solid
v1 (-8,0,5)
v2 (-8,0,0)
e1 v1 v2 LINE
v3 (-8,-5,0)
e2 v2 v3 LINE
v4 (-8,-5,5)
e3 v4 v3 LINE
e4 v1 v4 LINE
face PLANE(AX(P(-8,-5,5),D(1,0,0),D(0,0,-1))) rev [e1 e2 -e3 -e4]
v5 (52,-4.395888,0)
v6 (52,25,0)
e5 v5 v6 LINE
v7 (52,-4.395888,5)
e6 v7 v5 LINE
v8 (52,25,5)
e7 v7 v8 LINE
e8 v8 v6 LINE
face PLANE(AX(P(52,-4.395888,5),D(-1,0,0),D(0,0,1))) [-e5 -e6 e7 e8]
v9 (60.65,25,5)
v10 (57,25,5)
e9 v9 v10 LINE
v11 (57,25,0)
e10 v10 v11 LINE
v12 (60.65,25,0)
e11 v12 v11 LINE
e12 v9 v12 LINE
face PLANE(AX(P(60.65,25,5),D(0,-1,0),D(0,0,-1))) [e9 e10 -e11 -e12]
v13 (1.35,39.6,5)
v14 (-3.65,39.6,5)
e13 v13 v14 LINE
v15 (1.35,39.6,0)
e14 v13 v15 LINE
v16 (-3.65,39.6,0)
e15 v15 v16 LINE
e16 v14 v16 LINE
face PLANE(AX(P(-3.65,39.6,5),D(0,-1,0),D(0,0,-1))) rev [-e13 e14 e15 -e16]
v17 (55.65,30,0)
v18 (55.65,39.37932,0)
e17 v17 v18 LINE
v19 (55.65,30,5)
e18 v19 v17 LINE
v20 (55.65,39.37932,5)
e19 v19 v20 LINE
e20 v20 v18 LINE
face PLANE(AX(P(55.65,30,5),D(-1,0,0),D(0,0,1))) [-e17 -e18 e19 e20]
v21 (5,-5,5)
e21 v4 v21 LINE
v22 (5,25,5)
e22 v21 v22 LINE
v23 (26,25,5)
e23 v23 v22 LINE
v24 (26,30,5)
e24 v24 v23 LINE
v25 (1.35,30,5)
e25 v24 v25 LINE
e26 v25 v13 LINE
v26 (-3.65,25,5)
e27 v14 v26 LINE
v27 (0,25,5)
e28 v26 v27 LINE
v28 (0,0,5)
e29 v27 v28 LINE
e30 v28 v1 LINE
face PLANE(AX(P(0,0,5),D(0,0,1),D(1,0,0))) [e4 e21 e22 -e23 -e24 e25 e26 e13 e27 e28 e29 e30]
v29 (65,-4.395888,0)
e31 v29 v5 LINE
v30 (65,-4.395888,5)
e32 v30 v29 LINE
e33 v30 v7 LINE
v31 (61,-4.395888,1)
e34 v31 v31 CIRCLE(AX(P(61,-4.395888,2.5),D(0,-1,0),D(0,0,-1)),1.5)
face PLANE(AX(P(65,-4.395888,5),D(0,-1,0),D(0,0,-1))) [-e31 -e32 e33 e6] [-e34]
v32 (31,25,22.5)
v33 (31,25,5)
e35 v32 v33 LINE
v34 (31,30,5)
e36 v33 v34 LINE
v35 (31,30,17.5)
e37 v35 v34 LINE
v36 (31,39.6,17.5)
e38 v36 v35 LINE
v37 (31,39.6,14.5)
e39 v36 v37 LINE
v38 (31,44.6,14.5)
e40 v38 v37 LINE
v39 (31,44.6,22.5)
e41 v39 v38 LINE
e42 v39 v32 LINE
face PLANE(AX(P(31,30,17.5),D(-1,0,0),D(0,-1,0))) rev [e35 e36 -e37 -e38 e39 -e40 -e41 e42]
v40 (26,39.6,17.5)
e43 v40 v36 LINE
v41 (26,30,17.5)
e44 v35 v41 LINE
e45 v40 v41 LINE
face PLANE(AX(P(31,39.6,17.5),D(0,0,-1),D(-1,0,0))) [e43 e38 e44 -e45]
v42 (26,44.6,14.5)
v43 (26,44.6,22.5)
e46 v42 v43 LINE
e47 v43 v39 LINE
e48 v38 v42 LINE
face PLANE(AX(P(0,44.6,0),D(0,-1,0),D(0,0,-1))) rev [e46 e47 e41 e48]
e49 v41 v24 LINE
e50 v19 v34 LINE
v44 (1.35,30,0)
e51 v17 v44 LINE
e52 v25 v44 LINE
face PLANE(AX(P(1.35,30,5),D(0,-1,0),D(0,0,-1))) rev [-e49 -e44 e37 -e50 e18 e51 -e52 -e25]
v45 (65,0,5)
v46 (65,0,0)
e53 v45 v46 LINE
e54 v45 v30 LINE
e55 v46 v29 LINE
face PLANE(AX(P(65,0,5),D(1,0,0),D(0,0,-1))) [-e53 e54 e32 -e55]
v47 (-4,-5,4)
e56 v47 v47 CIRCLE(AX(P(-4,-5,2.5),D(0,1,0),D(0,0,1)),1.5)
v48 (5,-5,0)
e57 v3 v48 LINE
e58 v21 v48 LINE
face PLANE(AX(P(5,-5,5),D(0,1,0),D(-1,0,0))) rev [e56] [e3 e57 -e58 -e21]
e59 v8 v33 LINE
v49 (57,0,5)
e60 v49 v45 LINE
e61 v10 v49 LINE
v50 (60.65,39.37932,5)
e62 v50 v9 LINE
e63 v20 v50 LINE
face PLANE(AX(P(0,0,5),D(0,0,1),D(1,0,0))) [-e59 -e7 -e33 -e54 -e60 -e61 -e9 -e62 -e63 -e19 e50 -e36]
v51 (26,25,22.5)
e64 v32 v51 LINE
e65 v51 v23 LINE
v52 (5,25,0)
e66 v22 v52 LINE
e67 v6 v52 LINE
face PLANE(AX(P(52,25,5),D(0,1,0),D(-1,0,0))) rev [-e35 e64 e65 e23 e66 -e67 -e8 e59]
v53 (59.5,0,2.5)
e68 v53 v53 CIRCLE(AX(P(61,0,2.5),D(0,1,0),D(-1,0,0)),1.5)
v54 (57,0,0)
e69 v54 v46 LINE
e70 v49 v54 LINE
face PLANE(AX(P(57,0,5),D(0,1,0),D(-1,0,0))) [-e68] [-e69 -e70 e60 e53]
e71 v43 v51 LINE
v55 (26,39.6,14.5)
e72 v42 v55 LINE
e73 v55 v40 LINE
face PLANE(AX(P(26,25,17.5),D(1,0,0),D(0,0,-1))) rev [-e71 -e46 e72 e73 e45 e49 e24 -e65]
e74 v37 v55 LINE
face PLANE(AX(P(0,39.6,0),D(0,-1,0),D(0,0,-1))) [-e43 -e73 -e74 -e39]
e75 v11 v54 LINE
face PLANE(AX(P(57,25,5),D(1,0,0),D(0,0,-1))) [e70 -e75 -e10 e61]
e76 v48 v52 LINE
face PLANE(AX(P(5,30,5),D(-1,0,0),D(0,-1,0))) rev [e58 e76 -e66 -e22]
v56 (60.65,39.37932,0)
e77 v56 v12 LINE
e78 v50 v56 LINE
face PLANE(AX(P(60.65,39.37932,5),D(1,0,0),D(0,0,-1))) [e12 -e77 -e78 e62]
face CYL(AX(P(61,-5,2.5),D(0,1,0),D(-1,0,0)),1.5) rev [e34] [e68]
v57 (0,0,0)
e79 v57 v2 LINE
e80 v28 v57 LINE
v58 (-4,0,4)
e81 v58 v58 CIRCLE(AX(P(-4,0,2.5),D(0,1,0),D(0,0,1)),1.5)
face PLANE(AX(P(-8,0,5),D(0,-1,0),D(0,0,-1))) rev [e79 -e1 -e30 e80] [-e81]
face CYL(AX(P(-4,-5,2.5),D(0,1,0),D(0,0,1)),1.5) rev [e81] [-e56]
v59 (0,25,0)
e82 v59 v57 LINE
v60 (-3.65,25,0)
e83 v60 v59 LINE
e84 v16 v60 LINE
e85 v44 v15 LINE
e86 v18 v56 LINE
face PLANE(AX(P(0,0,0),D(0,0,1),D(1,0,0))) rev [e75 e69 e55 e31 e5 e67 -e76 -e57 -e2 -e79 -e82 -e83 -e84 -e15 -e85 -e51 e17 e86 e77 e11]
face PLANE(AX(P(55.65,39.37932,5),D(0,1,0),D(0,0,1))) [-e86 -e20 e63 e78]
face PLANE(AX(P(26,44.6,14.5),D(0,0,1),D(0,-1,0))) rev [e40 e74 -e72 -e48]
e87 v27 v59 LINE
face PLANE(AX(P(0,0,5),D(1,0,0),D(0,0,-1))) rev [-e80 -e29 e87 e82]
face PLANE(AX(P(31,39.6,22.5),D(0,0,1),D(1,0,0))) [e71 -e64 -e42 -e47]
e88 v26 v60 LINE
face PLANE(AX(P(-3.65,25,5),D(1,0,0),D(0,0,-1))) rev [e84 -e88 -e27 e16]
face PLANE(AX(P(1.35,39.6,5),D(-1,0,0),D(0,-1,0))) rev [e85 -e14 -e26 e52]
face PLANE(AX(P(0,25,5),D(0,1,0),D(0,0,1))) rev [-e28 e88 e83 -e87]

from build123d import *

# Parameters (mm, degrees)
BOSS_EXTRUDE1_DEPTH = 5
SKETCH2_R           = 1.5
CUT_EXTRUDE1_DEPTH  = 41.708230126
SKETCH3_W           = 5
SKETCH3_H           = 5
BOSS_EXTRUDE2_DEPTH = 47
BOSS_EXTRUDE3_DEPTH = 5
SKETCH5_R           = 1.5
CUT_EXTRUDE2_DEPTH  = 77.27686412
BOSS_EXTRUDE4_DEPTH = 12.5
SKETCH10_W          = 5
SKETCH10_H          = 5
BOSS_EXTRUDE5_DEPTH = 14.6
BOSS_EXTRUDE6_DEPTH = 5


with BuildPart() as part:
    # Sketch1 → Boss-Extrude1 (new body)
    with BuildSketch(Plane.XY):
        Polygon((0, 0), (0, 25), (-3.65, 25), (-3.65, 39.6), (1.35, 39.6), (1.35, 30), (5, 30), (5, -5), (-8, -5), (-8, 0), align=None)
    extrude(amount=BOSS_EXTRUDE1_DEPTH)

    # Sketch2 → Cut-Extrude1 (cut, through all)
    with BuildSketch(Plane(origin=(0, 0, 0), x_dir=(1, 0, 0), z_dir=(0, 1, 0))):
        with Locations(Location((-4, -2.5, 0), (0, 0, 270))):
            Circle(SKETCH2_R)
    extrude(amount=-CUT_EXTRUDE1_DEPTH, mode=Mode.SUBTRACT)

    # Sketch3 → Boss-Extrude2 (add)
    with BuildSketch(Plane(origin=(5, 0, 0), x_dir=(0, 0, -1), z_dir=(1, 0, 0))):
        with Locations((-2.5, 27.5)):
            Rectangle(SKETCH3_W, SKETCH3_H)
    extrude(amount=BOSS_EXTRUDE2_DEPTH)

    # Sketch4 → Boss-Extrude3 (add)
    with BuildSketch(Plane(origin=(0, 0, 0), x_dir=(-1, 0, 0), z_dir=(0, 0, -1))):
        Polygon((-52, 30), (-55.65, 30), (-55.65, 39.379320009), (-60.65, 39.379320009), (-60.65, 25), (-57, 25), (-57, 0), (-65, 0), (-65, -4.395887534), (-52, -4.395887534), (-52, 25), align=None)
    extrude(amount=-BOSS_EXTRUDE3_DEPTH)

    # Sketch5 → Cut-Extrude2 (cut, through all)
    with BuildSketch(Plane(origin=(0, 0, 0), x_dir=(1, 0, 0), z_dir=(0, 1, 0))):
        with Locations(Location((61, -2.5, 0), (0, 0, 180))):
            Circle(SKETCH5_R)
    extrude(amount=-CUT_EXTRUDE2_DEPTH, mode=Mode.SUBTRACT)

    # Sketch7 → Boss-Extrude4 (add)
    with BuildSketch(Plane.XY.offset(5)):
        Polygon((28.5, 30), (31, 30), (31, 25), (26, 25), (26, 30), align=None)
    extrude(amount=BOSS_EXTRUDE4_DEPTH)

    # Sketch10 → Boss-Extrude5 (add)
    with BuildSketch(Plane(origin=(0, 25, 0), x_dir=(-1, 0, 0), z_dir=(0, -1, 0))):
        with Locations((-28.5, -20)):
            Rectangle(SKETCH10_W, SKETCH10_H)
    extrude(amount=-BOSS_EXTRUDE5_DEPTH)

    # Sketch11 → Boss-Extrude6 (add)
    with BuildSketch(Plane(origin=(0, 39.6, 0), x_dir=(1, 0, 0), z_dir=(0, 1, 0))):
        Polygon((26, -17.5), (26, -14.5), (31, -14.5), (31, -22.5), (26, -22.5), align=None)
    extrude(amount=BOSS_EXTRUDE6_DEPTH)


solid = part.part
